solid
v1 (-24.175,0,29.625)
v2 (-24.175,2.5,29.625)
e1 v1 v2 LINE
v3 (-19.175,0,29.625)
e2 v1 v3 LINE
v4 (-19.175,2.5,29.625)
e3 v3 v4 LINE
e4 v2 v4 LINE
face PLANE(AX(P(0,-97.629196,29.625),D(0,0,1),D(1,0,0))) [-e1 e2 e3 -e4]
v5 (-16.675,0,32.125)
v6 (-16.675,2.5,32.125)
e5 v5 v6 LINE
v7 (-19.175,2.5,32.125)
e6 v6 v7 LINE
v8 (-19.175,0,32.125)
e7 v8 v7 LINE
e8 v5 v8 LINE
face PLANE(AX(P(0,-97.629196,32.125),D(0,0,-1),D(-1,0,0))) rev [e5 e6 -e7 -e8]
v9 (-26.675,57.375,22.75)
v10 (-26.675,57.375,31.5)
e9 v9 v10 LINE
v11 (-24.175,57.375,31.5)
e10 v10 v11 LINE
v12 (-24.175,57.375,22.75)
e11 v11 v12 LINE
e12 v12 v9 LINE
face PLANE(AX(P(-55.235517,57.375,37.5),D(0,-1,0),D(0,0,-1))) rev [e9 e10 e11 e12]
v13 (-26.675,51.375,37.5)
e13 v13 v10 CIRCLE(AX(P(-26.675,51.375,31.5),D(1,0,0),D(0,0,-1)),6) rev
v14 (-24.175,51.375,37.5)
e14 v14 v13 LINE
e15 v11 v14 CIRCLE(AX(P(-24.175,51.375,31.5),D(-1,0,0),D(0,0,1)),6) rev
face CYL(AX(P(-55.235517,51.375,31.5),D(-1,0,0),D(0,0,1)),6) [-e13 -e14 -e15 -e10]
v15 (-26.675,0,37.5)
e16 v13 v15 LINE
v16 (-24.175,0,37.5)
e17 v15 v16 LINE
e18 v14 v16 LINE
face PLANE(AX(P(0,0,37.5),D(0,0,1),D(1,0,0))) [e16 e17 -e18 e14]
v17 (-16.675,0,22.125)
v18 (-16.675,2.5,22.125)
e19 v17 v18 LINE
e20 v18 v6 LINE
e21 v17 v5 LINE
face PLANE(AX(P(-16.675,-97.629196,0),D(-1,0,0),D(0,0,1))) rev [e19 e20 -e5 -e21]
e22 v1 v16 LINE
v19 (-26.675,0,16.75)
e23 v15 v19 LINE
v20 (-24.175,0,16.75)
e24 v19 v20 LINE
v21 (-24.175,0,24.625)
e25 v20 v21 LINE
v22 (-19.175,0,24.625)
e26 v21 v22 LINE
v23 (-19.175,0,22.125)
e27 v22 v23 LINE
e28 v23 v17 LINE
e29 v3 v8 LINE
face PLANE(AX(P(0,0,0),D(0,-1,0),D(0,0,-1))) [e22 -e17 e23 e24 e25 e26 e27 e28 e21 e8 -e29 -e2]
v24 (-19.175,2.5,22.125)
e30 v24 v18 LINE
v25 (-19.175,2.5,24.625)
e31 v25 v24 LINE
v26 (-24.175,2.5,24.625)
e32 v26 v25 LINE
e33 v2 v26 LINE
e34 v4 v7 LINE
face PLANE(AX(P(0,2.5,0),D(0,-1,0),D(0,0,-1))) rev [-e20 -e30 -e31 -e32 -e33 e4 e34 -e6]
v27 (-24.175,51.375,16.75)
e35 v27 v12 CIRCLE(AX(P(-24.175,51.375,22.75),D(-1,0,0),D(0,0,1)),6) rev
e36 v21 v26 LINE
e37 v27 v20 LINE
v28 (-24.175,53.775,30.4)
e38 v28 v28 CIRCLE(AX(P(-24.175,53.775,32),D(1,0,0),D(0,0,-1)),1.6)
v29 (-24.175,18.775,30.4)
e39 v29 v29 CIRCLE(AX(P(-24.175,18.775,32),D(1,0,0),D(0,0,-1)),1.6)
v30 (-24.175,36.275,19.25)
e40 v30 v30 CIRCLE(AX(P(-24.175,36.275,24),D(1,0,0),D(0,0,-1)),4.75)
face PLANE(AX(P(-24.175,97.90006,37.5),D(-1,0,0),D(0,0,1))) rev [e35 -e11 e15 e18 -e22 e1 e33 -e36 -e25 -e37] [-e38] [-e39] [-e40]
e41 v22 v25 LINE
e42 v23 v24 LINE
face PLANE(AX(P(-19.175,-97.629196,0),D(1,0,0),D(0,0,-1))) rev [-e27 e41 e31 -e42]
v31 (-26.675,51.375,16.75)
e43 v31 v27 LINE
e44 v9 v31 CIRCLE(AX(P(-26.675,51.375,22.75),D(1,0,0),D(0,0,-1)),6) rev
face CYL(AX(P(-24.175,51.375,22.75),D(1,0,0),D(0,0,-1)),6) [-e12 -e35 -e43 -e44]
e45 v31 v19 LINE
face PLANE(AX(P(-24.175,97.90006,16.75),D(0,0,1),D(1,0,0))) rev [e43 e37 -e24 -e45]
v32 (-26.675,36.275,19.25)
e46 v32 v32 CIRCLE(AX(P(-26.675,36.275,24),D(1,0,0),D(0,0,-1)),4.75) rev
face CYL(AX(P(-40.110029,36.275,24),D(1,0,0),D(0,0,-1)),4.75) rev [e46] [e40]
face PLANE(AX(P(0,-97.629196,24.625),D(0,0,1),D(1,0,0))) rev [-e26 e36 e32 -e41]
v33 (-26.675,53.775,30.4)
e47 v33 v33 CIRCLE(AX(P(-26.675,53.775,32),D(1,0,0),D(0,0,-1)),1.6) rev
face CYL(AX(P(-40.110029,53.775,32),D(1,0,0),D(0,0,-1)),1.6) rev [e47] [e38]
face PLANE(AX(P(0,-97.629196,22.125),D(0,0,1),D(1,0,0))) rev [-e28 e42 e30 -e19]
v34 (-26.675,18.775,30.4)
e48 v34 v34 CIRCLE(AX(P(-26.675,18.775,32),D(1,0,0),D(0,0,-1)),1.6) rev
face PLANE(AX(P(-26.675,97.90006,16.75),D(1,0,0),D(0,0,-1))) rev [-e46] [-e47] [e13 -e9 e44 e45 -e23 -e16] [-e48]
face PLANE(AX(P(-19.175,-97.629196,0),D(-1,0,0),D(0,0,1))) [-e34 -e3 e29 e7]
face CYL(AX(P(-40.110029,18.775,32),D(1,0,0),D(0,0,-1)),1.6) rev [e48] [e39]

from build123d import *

# Parameters (mm, degrees)
SKETCH1_W               = 80
SKETCH1_H               = 60
BOSS_EXTRUDE1_DEPTH     = 2.5
CUT_EXTRUDE4_DEPTH      = 51.062460986
CUT_EXTRUDE4_DEPTH_BACK = 51.062460986
SKETCH2_R               = 1.6
SKETCH3_W               = 2.5
SKETCH3_H               = 20.5
BOSS_EXTRUDE2_DEPTH     = 66.5
SKETCH4_W               = 80
SKETCH4_H               = 5.5
BOSS_EXTRUDE3_DEPTH     = 2.5
SKETCH5_W               = 2.5
SKETCH5_H               = 5.5
BOSS_EXTRUDE4_DEPTH     = 66.5
SKETCH6_W               = 2.5
SKETCH6_H               = 5.5
CUT_EXTRUDE5_DEPTH      = 66.5
SKETCH9_W               = 2.5
SKETCH9_H               = 2.5
BOSS_EXTRUDE5_DEPTH     = 66.5
SKETCH11_R              = 4.75
CUT_EXTRUDE6_DEPTH      = 2.5
SKETCH15_W              = 2.5
SKETCH15_H              = 23
BOSS_EXTRUDE6_DEPTH     = 8
SKETCH17_W              = 2.5
SKETCH17_H              = 74.5
BOSS_EXTRUDE7_DEPTH     = 2
SKETCH18_R              = 1.6
CUT_EXTRUDE7_DEPTH      = 2.5
SKETCH21_W              = 80
SKETCH21_H              = 2.5
BOSS_EXTRUDE8_DEPTH     = 2
SKETCH22_W              = 4.25
SKETCH22_H              = 74.5
CUT_EXTRUDE8_DEPTH      = 2.5
FILLET1_R               = 5
SKETCH23_W              = 15.225
SKETCH23_H              = 67.5
BOSS_EXTRUDE10_DEPTH    = 2.5
SKETCH24_W              = 95.225
SKETCH24_H              = 10
CUT_EXTRUDE9_DEPTH      = 101.031498164
SKETCH26_W              = 2.5
SKETCH26_H              = 20.75
BOSS_EXTRUDE11_DEPTH    = 74.5
SKETCH27_R              = 1.6
CUT_EXTRUDE10_DEPTH     = 2.5
SKETCH28_W              = 2.5
SKETCH28_H              = 20.75
CUT_EXTRUDE11_DEPTH     = 74.5
SKETCH29_W              = 20.75
SKETCH29_H              = 19.625
CUT_EXTRUDE12_DEPTH     = 2.5
FILLET2_R               = 6
SKETCH31_W              = 13.325
SKETCH31_H              = 57.5
CUT_EXTRUDE13_DEPTH     = 2.5
SKETCH33_W              = 3
SKETCH33_H              = 57.5
CUT_EXTRUDE14_DEPTH     = 2.5
CUT_EXTRUDE15_DEPTH     = 2.5


with BuildPart() as part:
    # Sketch1 → Boss-Extrude1 (new body)
    with BuildSketch(Plane(origin=(0, 0, 0), x_dir=(1, 0, 0), z_dir=(0, 1, 0))):
        Rectangle(SKETCH1_W, SKETCH1_H)
    extrude(amount=BOSS_EXTRUDE1_DEPTH)

    # Sketch2 → Cut-Extrude4 (cut, two sides: drawn at the far end of the back side and taken through both)
    with BuildSketch(Plane(origin=(0, 0, 0), x_dir=(1, 0, 0), z_dir=(0, 1, 0)).offset(-CUT_EXTRUDE4_DEPTH_BACK)):
        with BuildLine():
            Line((-6.25, -24), (-2.5, -24))
            ThreePointArc((-2.5, -24), (0, -21.5), (2.5, -24))
            Line((2.5, -24), (16.25, -24))
            Line((16.25, -24), (16.25, -18))
            Line((16.25, -18), (-6.25, -18))
            Line((-6.25, -18), (-6.25, -24))
        make_face()
        with BuildLine():
            Line((0, -26.5), (0, -30))
            Line((0, -30), (16.25, -30))
            Line((16.25, -30), (16.25, -24))
            Line((16.25, -24), (2.5, -24))
            ThreePointArc((2.5, -24), (1.767766953, -25.767766953), (0, -26.5))
        make_face()
        with BuildLine():
            ThreePointArc((-2.5, -24), (-1.767766953, -25.767766953), (0, -26.5))
            Line((0, -26.5), (0, -24))
            Line((0, -24), (-2.5, -24))
        make_face()
        with BuildLine():
            Line((0, -24), (0, -26.5))
            ThreePointArc((0, -26.5), (1.767766953, -25.767766953), (2.5, -24))
            Line((2.5, -24), (0, -24))
        make_face()
        with BuildLine():
            Line((-2.5, -24), (0, -24))
            Line((0, -24), (2.5, -24))
            ThreePointArc((2.5, -24), (0, -21.5), (-2.5, -24))
        make_face()
        with BuildLine():
            ThreePointArc((-2.5, -24), (-1.767766953, -25.767766953), (0, -26.5))
            Line((0, -26.5), (0, -24))
            Line((0, -24), (-2.5, -24))
        make_face()
        with BuildLine():
            Line((0, -24), (0, -26.5))
            ThreePointArc((0, -26.5), (1.767766953, -25.767766953), (2.5, -24))
            Line((2.5, -24), (0, -24))
        make_face()
        with BuildLine():
            Line((-6.25, -30), (0, -30))
            Line((0, -30), (0, -26.5))
            ThreePointArc((0, -26.5), (-1.767766953, -25.767766953), (-2.5, -24))
            Line((-2.5, -24), (-6.25, -24))
            Line((-6.25, -24), (-6.25, -30))
        make_face()
        with Locations(Location((-8.625, -24, 0), (0, 0, 270))):
            Circle(SKETCH2_R)
        with Locations(Location((18.625, -24, 0), (0, 0, 270))):
            Circle(SKETCH2_R)
    extrude(amount=CUT_EXTRUDE4_DEPTH + CUT_EXTRUDE4_DEPTH_BACK, mode=Mode.SUBTRACT)

    # Sketch3 → Boss-Extrude2 (add)
    with BuildSketch(Plane(origin=(0, 2.5, 0), x_dir=(1, 0, 0), z_dir=(0, 1, 0))):
        with Locations((-38.75, -19.75)):
            Rectangle(SKETCH3_W, SKETCH3_H)
    extrude(amount=BOSS_EXTRUDE2_DEPTH)

    # Sketch4 → Boss-Extrude3 (add)
    with BuildSketch(Plane(origin=(0, 2.5, 0), x_dir=(1, 0, 0), z_dir=(0, 1, 0))):
        with Locations((0, -32.75)):
            Rectangle(SKETCH4_W, SKETCH4_H)
    extrude(amount=-BOSS_EXTRUDE3_DEPTH)

    # Sketch5 → Boss-Extrude4 (add)
    with BuildSketch(Plane(origin=(0, 2.5, 0), x_dir=(1, 0, 0), z_dir=(0, 1, 0))):
        with Locations((-38.75, -32.75)):
            Rectangle(SKETCH5_W, SKETCH5_H)
    extrude(amount=BOSS_EXTRUDE4_DEPTH)

    # Sketch6 → Cut-Extrude5 (cut)
    with BuildSketch(Plane(origin=(0, 69, 0), x_dir=(1, 0, 0), z_dir=(0, 1, 0))):
        with Locations((-38.75, -12.25)):
            Rectangle(SKETCH6_W, SKETCH6_H)
    extrude(amount=-CUT_EXTRUDE5_DEPTH, mode=Mode.SUBTRACT)

    # Sketch9 → Boss-Extrude5 (add)
    with BuildSketch(Plane(origin=(0, 2.5, 0), x_dir=(1, 0, 0), z_dir=(0, 1, 0))):
        with Locations((-38.75, -13.75)):
            Rectangle(SKETCH9_W, SKETCH9_H)
    extrude(amount=BOSS_EXTRUDE5_DEPTH)

    # Sketch11 → Cut-Extrude6 (cut)
    with BuildSketch(Plane(origin=(-37.5, 0, 0), x_dir=(0, 0, -1), z_dir=(1, 0, 0))):
        with Locations((-24, 54)):
            Circle(SKETCH11_R)
    extrude(amount=-CUT_EXTRUDE6_DEPTH, mode=Mode.SUBTRACT)

    # Sketch15 → Boss-Extrude6 (add)
    with BuildSketch(Plane(origin=(0, 69, 0), x_dir=(1, 0, 0), z_dir=(0, 1, 0))):
        with Locations((-38.75, -24)):
            Rectangle(SKETCH15_W, SKETCH15_H)
    extrude(amount=BOSS_EXTRUDE6_DEPTH)

    # Sketch17 → Boss-Extrude7 (add)
    with BuildSketch(Plane.XY.offset(35.5)):
        with Locations((-38.75, 39.75)):
            Rectangle(SKETCH17_W, SKETCH17_H)
    extrude(amount=BOSS_EXTRUDE7_DEPTH)

    # Sketch18 → Cut-Extrude7 (cut)
    with BuildSketch(Plane.ZY.offset(40)):
        with Locations((32, 36.5)):
            Circle(SKETCH18_R)
        with Locations((32, 71.5)):
            Circle(SKETCH18_R)
    extrude(amount=-CUT_EXTRUDE7_DEPTH, mode=Mode.SUBTRACT)

    # Sketch21 → Boss-Extrude8 (add)
    with BuildSketch(Plane.XY.offset(35.5)):
        with Locations((0, 1.25)):
            Rectangle(SKETCH21_W, SKETCH21_H)
    extrude(amount=BOSS_EXTRUDE8_DEPTH)

    # Sketch22 → Cut-Extrude8 (cut)
    with BuildSketch(Plane(origin=(-37.5, 0, 0), x_dir=(0, 0, -1), z_dir=(1, 0, 0))):
        with Locations((-14.625, 39.75)):
            Rectangle(SKETCH22_W, SKETCH22_H)
    extrude(amount=-CUT_EXTRUDE8_DEPTH, mode=Mode.SUBTRACT)

    # Fillet1
    fillet1_edges = [part.edges().sort_by_distance(p)[0] for p in [
        (-38.75, 77, 37.5),
        (-38.75, 77, 16.75),
    ]]
    fillet(fillet1_edges, radius=FILLET1_R)

    # Sketch23 → Boss-Extrude10 (add)
    with BuildSketch(Plane(origin=(0, 2.5, 0), x_dir=(1, 0, 0), z_dir=(0, 1, 0))):
        with Locations((47.6125, -3.75)):
            Rectangle(SKETCH23_W, SKETCH23_H)
    extrude(amount=-BOSS_EXTRUDE10_DEPTH)

    # Sketch24 → Cut-Extrude9 (cut, through all)
    with BuildSketch(Plane(origin=(0, 2.5, 0), x_dir=(1, 0, 0), z_dir=(0, 1, 0))):
        with Locations((7.6125, 25)):
            Rectangle(SKETCH24_W, SKETCH24_H)
    extrude(amount=-CUT_EXTRUDE9_DEPTH, mode=Mode.SUBTRACT)

    # Sketch26 → Boss-Extrude11 (add)
    with BuildSketch(Plane(origin=(0, 2.5, 0), x_dir=(1, 0, 0), z_dir=(0, 1, 0))):
        with Locations((-25.425, -27.125)):
            Rectangle(SKETCH26_W, SKETCH26_H)
    extrude(amount=BOSS_EXTRUDE11_DEPTH)

    # Sketch27 → Cut-Extrude10 (cut)
    with BuildSketch(Plane(origin=(-24.175, 0, 0), x_dir=(0, 0, -1), z_dir=(1, 0, 0))):
        with BuildLine():
            ThreePointArc((-28.75, 36.275), (-27.358757211, 32.916242789), (-24, 31.525))
            Line((-24, 31.525), (-24, 36.275))
            Line((-24, 36.275), (-28.75, 36.275))
        make_face()
        with BuildLine():
            Line((-24, 36.275), (-24, 31.525))
            ThreePointArc((-24, 31.525), (-20.641242789, 32.916242789), (-19.25, 36.275))
            ThreePointArc((-19.25, 36.275), (-24, 41.025), (-28.75, 36.275))
            Line((-28.75, 36.275), (-24, 36.275))
        make_face()
        with BuildLine():
            ThreePointArc((-28.75, 36.275), (-27.358757211, 32.916242789), (-24, 31.525))
            Line((-24, 31.525), (-24, 36.275))
            Line((-24, 36.275), (-28.75, 36.275))
        make_face()
        with BuildLine():
            Line((-24, 36.275), (-24, 31.525))
            ThreePointArc((-24, 31.525), (-20.641242789, 32.916242789), (-19.25, 36.275))
            ThreePointArc((-19.25, 36.275), (-24, 41.025), (-28.75, 36.275))
            Line((-28.75, 36.275), (-24, 36.275))
        make_face()
        with Locations((-32, 18.775)):
            Circle(SKETCH27_R)
        with Locations((-32, 53.775)):
            Circle(SKETCH27_R)
    extrude(amount=-CUT_EXTRUDE10_DEPTH, mode=Mode.SUBTRACT)

    # Sketch28 → Cut-Extrude11 (cut)
    with BuildSketch(Plane(origin=(0, 77, 0), x_dir=(1, 0, 0), z_dir=(0, 1, 0))):
        with Locations((-38.75, -27.125)):
            Rectangle(SKETCH28_W, SKETCH28_H)
    extrude(amount=-CUT_EXTRUDE11_DEPTH, mode=Mode.SUBTRACT)

    # Sketch29 → Cut-Extrude12 (cut)
    with BuildSketch(Plane(origin=(-24.175, 0, 0), x_dir=(0, 0, -1), z_dir=(1, 0, 0))):
        with Locations((-27.125, 67.1875)):
            Rectangle(SKETCH29_W, SKETCH29_H)
    extrude(amount=-CUT_EXTRUDE12_DEPTH, mode=Mode.SUBTRACT)

    # Fillet2
    fillet2_edges = [part.edges().sort_by_distance(p)[0] for p in [
        (-25.425, 57.375, 37.5),
        (-25.425, 57.375, 16.75),
    ]]
    fillet(fillet2_edges, radius=FILLET2_R)

    # Sketch31 → Cut-Extrude13 (cut)
    with BuildSketch(Plane(origin=(0, 2.5, 0), x_dir=(1, 0, 0), z_dir=(0, 1, 0))):
        with Locations((-33.3375, -8.75)):
            Rectangle(SKETCH31_W, SKETCH31_H)
    extrude(amount=-CUT_EXTRUDE13_DEPTH, mode=Mode.SUBTRACT)

    # Sketch33 → Cut-Extrude14 (cut)
    with BuildSketch(Plane(origin=(0, 2.5, 0), x_dir=(1, 0, 0), z_dir=(0, 1, 0))):
        with Locations((53.725, -8.75)):
            Rectangle(SKETCH33_W, SKETCH33_H)
    extrude(amount=-CUT_EXTRUDE14_DEPTH, mode=Mode.SUBTRACT)

    # Sketch34 → Cut-Extrude15 (cut)
    with BuildSketch(Plane(origin=(0, 2.5, 0), x_dir=(1, 0, 0), z_dir=(0, 1, 0))):
        Polygon((-24.175, -16.75), (-24.175, -24.625), (-19.175, -24.625), (-19.175, -22.125), (-16.675, -22.125), (-16.675, -32.125), (-19.175, -32.125), (-19.175, -29.625), (-24.175, -29.625), (-24.175, -37.5), (52.225, -37.5), (52.225, 20), (-26.675, 20), (-26.675, -16.75), align=None)
    extrude(amount=-CUT_EXTRUDE15_DEPTH, mode=Mode.SUBTRACT)


solid = part.part
